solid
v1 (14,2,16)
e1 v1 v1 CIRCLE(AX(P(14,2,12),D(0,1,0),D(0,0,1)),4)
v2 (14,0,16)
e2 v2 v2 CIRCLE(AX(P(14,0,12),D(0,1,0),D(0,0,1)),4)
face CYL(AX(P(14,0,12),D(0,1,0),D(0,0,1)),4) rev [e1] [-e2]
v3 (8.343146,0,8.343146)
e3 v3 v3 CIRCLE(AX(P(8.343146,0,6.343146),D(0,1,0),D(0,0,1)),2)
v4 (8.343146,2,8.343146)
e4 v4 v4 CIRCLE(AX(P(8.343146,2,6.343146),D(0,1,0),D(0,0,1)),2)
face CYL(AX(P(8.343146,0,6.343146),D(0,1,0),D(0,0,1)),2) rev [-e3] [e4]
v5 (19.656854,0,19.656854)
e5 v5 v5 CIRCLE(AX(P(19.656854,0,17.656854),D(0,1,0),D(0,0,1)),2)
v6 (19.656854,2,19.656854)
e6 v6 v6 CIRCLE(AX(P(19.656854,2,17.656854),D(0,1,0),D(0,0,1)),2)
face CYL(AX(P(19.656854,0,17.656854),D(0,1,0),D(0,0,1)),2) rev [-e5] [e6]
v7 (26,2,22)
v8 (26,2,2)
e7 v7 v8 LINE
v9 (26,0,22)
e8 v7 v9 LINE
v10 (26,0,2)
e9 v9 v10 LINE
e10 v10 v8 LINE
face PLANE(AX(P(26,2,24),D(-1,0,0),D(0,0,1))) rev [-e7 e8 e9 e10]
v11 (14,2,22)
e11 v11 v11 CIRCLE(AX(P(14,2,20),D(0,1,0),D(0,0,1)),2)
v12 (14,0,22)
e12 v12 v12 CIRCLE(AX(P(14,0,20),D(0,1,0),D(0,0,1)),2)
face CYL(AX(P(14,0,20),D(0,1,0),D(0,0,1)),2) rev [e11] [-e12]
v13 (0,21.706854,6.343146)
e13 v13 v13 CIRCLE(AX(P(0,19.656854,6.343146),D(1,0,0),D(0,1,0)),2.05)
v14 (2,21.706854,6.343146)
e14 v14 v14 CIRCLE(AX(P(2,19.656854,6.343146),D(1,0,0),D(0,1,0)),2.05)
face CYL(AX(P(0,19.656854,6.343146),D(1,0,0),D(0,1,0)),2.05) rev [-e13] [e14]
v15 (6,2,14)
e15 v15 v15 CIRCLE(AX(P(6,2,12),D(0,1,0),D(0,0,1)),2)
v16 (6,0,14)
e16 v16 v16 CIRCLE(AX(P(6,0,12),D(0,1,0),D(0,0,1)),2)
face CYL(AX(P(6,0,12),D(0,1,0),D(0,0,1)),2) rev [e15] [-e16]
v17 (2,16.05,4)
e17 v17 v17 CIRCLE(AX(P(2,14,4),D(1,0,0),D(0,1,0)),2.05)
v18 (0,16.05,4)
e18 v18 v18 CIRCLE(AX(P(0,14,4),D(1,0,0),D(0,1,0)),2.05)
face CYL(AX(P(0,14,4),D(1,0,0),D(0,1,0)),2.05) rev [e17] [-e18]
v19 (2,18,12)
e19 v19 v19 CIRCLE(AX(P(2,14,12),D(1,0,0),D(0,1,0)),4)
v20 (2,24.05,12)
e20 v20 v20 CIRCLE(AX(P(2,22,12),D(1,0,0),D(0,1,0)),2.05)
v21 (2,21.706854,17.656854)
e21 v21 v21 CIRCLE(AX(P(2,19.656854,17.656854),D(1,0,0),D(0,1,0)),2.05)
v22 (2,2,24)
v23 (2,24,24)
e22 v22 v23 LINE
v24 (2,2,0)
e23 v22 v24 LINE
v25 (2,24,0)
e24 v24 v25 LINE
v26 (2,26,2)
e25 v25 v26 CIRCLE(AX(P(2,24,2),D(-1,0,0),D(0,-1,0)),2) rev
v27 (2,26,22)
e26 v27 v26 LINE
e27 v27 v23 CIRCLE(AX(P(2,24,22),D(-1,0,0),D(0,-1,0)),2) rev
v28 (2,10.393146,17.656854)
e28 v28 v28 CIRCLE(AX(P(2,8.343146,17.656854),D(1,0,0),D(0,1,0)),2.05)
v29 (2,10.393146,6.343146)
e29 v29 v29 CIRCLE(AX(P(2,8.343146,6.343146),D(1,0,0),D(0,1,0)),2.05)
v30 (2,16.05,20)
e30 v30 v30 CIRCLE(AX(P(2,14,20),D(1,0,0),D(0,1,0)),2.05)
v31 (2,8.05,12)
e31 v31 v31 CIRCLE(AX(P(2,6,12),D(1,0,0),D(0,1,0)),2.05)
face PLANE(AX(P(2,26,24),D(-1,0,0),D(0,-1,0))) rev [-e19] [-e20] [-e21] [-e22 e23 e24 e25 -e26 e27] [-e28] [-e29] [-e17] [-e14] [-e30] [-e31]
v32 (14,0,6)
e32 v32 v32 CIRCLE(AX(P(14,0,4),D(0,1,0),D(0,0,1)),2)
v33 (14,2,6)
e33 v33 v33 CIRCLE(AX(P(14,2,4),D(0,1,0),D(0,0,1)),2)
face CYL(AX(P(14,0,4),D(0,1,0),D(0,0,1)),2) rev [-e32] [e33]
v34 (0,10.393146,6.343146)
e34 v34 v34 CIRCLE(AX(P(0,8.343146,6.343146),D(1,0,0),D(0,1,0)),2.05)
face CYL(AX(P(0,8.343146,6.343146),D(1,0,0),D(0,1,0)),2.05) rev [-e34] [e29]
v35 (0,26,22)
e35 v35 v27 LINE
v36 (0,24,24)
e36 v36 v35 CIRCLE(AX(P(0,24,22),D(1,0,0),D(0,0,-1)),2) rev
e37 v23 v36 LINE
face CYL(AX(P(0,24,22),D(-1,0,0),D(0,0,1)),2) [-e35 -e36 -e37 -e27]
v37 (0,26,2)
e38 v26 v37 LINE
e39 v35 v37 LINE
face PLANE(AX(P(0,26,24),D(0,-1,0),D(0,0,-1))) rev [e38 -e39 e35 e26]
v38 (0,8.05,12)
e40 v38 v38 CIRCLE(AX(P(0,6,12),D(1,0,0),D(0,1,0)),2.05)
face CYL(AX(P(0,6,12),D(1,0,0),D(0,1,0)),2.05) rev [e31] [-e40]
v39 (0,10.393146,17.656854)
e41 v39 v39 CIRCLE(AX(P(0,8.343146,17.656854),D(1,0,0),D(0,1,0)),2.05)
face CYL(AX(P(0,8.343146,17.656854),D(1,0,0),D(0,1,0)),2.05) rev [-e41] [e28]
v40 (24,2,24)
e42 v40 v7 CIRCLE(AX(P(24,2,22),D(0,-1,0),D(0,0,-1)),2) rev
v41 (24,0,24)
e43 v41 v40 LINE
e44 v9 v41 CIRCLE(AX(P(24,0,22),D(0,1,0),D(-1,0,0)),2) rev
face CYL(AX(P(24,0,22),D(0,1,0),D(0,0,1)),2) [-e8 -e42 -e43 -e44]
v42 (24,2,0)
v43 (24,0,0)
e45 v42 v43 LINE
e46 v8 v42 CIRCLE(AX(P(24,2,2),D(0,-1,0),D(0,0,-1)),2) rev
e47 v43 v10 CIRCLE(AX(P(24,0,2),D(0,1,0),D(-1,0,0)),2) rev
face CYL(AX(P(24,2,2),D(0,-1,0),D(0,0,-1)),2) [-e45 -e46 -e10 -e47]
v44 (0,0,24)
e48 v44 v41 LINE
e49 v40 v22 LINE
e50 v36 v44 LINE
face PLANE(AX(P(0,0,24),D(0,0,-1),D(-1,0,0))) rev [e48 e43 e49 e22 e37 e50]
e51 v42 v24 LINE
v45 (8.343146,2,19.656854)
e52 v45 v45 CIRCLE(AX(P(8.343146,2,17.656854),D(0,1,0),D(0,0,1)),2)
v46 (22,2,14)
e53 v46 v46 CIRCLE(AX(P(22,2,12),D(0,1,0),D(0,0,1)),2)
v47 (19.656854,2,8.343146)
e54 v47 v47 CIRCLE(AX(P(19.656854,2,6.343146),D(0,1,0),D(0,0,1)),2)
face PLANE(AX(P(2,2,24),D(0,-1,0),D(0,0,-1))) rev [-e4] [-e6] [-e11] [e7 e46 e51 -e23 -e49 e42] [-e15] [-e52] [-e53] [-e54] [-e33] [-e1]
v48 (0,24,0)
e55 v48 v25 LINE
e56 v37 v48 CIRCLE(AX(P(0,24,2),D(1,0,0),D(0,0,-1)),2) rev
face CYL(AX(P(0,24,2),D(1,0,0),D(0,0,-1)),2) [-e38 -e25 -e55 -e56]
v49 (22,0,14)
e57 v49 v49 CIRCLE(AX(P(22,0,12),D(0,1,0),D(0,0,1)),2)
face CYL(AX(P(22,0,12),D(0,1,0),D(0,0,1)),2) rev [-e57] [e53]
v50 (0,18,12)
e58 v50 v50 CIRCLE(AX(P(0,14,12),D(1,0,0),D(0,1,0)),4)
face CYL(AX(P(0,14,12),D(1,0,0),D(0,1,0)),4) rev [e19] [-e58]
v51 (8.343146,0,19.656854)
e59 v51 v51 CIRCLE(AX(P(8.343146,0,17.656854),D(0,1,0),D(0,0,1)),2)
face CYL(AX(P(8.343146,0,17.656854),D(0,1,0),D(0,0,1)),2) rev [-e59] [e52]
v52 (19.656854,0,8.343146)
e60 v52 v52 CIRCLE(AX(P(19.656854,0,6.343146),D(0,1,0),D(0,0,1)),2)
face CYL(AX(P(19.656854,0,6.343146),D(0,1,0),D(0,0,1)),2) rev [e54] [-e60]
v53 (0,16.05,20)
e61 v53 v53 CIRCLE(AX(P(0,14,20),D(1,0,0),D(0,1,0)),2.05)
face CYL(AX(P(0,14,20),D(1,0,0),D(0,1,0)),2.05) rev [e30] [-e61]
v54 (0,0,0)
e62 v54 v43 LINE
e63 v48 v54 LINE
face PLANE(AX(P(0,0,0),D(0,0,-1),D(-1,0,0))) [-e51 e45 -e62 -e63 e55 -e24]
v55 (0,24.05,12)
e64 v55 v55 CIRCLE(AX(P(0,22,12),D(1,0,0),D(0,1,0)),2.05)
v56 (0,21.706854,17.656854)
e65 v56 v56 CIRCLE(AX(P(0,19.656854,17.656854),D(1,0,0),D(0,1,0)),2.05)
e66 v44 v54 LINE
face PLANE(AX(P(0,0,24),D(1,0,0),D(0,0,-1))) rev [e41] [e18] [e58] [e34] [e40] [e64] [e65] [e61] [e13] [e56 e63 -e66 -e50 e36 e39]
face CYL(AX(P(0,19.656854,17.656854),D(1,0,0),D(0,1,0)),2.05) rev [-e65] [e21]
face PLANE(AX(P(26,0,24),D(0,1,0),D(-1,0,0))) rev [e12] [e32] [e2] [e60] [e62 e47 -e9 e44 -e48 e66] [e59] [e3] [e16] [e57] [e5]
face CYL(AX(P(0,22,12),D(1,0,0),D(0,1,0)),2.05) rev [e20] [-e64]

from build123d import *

# Parameters (mm, degrees)
BOSS_EXTRUDE1_DEPTH = 24
SKETCH2_R           = 2.05
SKETCH2_R_2         = 4
CUT_EXTRUDE1_DEPTH  = 43.755116653
SKETCH3_R           = 4
SKETCH3_R_2         = 2
CUT_EXTRUDE2_DEPTH  = 43.755116653
FILLET1_R           = 2


with BuildPart() as part:
    # Sketch1 → Boss-Extrude1 (new body)
    with BuildSketch(Plane.XY):
        Polygon((0, 0), (0, 26), (2, 26), (2, 2), (26, 2), (26, 0), align=None)
    extrude(amount=BOSS_EXTRUDE1_DEPTH)

    # Sketch2 → Cut-Extrude1 (cut, through all)
    with BuildSketch(Plane(origin=(2, 0, 0), x_dir=(0, 0, -1), z_dir=(1, 0, 0))):
        with Locations(Location((-12, 22, 0), (0, 0, 90))):
            Circle(SKETCH2_R)
        with Locations(Location((-12, 14, 0), (0, 0, 90))):
            Circle(SKETCH2_R_2)
        with Locations(Location((-6.343145751, 19.656854249, 0), (0, 0, 90))):
            Circle(SKETCH2_R)
        with Locations(Location((-4, 14, 0), (0, 0, 90))):
            Circle(SKETCH2_R)
        with Locations(Location((-6.343145751, 8.343145751, 0), (0, 0, 90))):
            Circle(SKETCH2_R)
        with Locations(Location((-12, 6, 0), (0, 0, 90))):
            Circle(SKETCH2_R)
        with Locations(Location((-17.656854249, 8.343145751, 0), (0, 0, 90))):
            Circle(SKETCH2_R)
        with Locations(Location((-20, 14, 0), (0, 0, 90))):
            Circle(SKETCH2_R)
        with Locations(Location((-17.656854249, 19.656854249, 0), (0, 0, 90))):
            Circle(SKETCH2_R)
    extrude(amount=-CUT_EXTRUDE1_DEPTH, mode=Mode.SUBTRACT)

    # Sketch3 → Cut-Extrude2 (cut, through all)
    with BuildSketch(Plane(origin=(0, 2, 0), x_dir=(1, 0, 0), z_dir=(0, 1, 0))):
        with Locations(Location((14, -12, 0), (0, 0, 270))):
            Circle(SKETCH3_R)
        with Locations(Location((22, -12, 0), (0, 0, 270))):
            Circle(SKETCH3_R_2)
        with Locations(Location((19.656854249, -17.656854249, 0), (0, 0, 270))):
            Circle(SKETCH3_R_2)
        with Locations(Location((14, -20, 0), (0, 0, 270))):
            Circle(SKETCH3_R_2)
        with Locations(Location((8.343145751, -17.656854249, 0), (0, 0, 270))):
            Circle(SKETCH3_R_2)
        with Locations(Location((6, -12, 0), (0, 0, 270))):
            Circle(SKETCH3_R_2)
        with Locations(Location((8.343145751, -6.343145751, 0), (0, 0, 270))):
            Circle(SKETCH3_R_2)
        with Locations(Location((14, -4, 0), (0, 0, 270))):
            Circle(SKETCH3_R_2)
        with Locations(Location((19.656854249, -6.343145751, 0), (0, 0, 270))):
            Circle(SKETCH3_R_2)
    extrude(amount=-CUT_EXTRUDE2_DEPTH, mode=Mode.SUBTRACT)

    # Fillet1
    fillet1_edges = [part.edges().sort_by_distance(p)[0] for p in [
        (1, 26, 24),
        (1, 26, 0),
        (26, 1, 24),
        (26, 1, 0),
    ]]
    fillet(fillet1_edges, radius=FILLET1_R)


solid = part.part
